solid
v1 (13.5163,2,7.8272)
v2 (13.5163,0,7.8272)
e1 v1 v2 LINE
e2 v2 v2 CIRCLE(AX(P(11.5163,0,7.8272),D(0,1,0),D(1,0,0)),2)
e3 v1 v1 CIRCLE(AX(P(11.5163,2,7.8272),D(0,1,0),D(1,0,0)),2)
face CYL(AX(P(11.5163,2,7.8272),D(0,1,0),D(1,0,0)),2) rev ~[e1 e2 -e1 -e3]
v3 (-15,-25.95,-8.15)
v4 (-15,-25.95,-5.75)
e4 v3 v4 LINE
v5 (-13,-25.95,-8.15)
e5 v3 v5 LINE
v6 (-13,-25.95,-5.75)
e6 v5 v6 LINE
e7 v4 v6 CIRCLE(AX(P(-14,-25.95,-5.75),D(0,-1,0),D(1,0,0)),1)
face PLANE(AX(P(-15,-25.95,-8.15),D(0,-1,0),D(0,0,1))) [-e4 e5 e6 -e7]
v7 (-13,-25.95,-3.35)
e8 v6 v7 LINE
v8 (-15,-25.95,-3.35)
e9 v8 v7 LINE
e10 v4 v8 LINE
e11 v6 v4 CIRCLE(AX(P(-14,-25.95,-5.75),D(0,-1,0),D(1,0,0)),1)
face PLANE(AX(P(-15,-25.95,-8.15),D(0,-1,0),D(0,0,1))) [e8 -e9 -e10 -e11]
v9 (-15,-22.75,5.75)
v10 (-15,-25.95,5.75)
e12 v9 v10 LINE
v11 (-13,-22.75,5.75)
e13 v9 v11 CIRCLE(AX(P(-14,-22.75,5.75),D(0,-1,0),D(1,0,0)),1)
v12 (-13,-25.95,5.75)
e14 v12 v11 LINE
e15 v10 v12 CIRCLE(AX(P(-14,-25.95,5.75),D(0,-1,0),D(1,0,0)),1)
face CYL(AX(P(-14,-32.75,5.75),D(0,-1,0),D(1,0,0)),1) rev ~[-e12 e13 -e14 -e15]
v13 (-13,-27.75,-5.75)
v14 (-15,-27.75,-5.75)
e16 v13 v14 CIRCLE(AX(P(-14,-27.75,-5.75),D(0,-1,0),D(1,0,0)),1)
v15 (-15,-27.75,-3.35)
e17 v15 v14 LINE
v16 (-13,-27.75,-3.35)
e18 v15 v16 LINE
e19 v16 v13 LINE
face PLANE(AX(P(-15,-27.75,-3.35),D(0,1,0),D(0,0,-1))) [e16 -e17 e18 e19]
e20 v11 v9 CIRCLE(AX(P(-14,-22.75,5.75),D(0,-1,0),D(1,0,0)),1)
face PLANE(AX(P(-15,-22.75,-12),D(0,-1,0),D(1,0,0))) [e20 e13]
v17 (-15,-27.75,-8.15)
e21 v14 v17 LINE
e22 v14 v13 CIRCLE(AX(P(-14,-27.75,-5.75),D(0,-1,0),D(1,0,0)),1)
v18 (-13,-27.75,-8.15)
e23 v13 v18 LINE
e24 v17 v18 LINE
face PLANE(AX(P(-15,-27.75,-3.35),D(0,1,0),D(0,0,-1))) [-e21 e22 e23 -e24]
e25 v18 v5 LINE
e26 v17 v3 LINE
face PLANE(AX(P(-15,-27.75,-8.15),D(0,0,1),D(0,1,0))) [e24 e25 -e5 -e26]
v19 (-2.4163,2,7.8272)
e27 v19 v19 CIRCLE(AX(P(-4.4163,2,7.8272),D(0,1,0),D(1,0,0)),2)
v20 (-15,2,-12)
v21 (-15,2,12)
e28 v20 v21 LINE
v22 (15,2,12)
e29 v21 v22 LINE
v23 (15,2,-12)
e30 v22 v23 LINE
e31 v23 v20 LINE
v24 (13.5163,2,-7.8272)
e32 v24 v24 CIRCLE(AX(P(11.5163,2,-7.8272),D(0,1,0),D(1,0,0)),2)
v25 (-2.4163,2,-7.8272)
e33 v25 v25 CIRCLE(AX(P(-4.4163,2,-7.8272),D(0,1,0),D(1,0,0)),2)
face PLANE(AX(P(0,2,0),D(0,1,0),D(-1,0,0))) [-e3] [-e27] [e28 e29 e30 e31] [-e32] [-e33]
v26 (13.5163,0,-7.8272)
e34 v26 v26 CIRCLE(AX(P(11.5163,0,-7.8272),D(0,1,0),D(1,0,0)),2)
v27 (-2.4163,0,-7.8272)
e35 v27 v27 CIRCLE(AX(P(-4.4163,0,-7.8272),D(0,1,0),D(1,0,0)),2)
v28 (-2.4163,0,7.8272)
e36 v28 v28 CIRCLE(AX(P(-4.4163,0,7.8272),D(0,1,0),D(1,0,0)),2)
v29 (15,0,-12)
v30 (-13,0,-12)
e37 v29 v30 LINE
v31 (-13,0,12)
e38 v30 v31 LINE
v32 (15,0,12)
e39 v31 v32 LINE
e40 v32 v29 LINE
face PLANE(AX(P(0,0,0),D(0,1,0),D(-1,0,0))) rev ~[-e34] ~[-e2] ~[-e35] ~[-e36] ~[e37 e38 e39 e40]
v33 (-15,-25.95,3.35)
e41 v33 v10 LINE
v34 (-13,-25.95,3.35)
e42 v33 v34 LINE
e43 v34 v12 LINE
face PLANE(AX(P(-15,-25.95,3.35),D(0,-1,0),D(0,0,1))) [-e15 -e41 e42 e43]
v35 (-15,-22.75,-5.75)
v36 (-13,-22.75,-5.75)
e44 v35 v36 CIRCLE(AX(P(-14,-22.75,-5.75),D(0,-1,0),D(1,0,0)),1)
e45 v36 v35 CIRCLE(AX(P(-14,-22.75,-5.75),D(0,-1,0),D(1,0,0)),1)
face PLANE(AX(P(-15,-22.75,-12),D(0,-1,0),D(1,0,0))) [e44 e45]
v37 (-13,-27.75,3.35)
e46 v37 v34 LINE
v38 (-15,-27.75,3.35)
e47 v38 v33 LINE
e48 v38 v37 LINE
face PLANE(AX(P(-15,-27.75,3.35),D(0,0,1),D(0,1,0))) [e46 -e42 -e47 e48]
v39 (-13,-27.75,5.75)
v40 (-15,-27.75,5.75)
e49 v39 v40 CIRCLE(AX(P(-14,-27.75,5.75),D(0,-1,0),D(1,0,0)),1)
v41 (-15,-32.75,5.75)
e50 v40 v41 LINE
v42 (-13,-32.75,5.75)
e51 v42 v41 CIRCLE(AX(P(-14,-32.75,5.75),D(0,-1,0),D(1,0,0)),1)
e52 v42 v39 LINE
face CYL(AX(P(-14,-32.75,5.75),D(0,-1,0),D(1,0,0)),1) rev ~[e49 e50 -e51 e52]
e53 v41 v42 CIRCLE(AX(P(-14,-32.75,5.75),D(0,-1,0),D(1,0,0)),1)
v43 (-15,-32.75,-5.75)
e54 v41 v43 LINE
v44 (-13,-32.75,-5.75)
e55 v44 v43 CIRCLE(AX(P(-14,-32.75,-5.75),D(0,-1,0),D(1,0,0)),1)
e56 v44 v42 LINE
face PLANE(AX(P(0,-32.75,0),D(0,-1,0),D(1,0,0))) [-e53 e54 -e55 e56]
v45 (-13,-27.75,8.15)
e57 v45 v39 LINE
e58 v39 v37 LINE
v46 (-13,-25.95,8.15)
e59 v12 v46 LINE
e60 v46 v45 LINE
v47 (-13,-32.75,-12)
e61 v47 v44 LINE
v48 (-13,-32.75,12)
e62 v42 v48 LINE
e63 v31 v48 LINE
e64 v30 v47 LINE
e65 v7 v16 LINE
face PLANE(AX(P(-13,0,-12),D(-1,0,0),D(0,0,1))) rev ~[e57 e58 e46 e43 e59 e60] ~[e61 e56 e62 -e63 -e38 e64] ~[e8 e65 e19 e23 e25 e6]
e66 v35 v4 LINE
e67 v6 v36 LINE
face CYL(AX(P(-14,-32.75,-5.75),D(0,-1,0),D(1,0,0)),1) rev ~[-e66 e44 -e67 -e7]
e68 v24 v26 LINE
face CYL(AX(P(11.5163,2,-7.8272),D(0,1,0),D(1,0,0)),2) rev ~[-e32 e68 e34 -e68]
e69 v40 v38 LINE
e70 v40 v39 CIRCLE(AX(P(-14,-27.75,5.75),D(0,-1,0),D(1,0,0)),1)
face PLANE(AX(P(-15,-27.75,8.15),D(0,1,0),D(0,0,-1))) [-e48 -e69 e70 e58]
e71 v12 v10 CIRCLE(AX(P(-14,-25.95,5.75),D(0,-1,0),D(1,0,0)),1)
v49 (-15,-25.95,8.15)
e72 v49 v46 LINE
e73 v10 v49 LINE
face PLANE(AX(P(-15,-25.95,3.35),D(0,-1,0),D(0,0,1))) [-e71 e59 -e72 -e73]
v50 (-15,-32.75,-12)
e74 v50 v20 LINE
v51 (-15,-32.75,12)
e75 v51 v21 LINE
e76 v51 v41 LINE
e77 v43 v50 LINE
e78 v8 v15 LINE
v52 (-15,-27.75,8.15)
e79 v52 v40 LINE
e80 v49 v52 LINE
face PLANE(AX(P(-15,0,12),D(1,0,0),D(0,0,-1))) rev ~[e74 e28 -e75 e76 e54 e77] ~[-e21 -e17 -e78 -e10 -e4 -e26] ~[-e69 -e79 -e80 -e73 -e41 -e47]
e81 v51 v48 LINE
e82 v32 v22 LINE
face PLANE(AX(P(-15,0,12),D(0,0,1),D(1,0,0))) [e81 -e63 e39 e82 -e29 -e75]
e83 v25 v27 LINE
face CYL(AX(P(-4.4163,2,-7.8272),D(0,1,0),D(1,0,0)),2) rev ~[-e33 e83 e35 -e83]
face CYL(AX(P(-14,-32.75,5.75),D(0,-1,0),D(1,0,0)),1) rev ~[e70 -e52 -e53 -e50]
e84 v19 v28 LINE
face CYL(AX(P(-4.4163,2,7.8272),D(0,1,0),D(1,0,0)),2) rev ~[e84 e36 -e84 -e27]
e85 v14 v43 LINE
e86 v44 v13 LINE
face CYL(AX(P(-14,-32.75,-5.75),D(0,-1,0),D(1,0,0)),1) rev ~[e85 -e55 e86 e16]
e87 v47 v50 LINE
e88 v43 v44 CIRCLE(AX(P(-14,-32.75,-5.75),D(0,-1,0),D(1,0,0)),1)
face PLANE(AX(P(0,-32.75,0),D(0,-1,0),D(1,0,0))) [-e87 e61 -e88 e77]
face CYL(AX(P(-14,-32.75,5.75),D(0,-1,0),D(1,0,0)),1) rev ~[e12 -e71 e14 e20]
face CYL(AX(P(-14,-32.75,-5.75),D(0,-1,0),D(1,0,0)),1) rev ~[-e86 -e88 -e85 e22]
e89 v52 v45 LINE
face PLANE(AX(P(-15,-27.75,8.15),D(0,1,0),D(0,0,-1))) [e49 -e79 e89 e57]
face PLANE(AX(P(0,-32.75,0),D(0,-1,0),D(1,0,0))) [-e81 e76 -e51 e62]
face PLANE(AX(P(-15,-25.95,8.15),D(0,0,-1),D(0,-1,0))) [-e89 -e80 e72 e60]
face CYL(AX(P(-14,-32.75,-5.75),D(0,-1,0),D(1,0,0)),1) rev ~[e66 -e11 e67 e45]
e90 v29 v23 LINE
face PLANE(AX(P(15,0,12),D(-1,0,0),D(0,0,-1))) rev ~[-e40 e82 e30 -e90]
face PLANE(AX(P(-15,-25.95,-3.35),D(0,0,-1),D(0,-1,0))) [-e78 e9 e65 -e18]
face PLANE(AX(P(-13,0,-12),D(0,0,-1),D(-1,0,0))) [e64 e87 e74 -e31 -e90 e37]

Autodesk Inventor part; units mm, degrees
ref_plane "YZ Plane" through (0, 0, 0) normal (1, 0, 0) x (0, 1, 0)
ref_plane "XZ Plane" through (0, 0, 0) normal (0, 1, 0) x (-1, 0, 0)
sketch "Эскиз1" plane through (0, 0, 0) normal (0, 1, 0) x (-1, 0, 0)
  line L0 (-15, -12) -> (15, -12)
  line L1 (15, -12) -> (15, 12)
  line L2 (15, 12) -> (-15, 12)
  line L3 (-15, 12) -> (-15, -12)
  line L4 (-15, -12) -> (15, 12) construction
  line L5 (15, -12) -> (-15, 12) construction
  point P0 (0, 0)
  dimension "d0" = 24
  dimension "d1" = 30
extrude "Выдавливание1" add sketch "Эскиз1" along normal blind 2
sketch "Эскиз2" plane through (0, 2, 0) normal (0, 1, 0) x (1, 0, 0)
  circle A0 centre (11.5163, 7.8272) radius 2 projected
  circle A1 centre (11.5163, -7.8272) radius 2 projected
  circle A2 centre (-4.4163, -7.8272) radius 2 projected
  circle A3 centre (-4.4163, 7.8272) radius 2 projected
  point P0 (0, 0)
extrude "Выдавливание2" cut sketch "Эскиз2" against normal blind 2
sketch "Эскиз3" plane through (0, 0, 0) normal (0, -1, 0) x (1, 0, 0)
  line L0 (15, -12) -> (-15, -12) projected
  line L1 (-15, 12) -> (15, 12) projected
  line L2 (-15, -12) -> (-13, -12)
  line L3 (-13, -12) -> (-13, 12)
  line L4 (-13, 12) -> (-15, 12)
  line L5 (-15, 12) -> (-15, -12)
  point P0 (0, 0)
  dimension "d6" = 2
ref_plane "РабПлоскость1" through (-96.45, -32.75, -191.5) normal (0, 1, 0) x (0, 0, 1)
extrude "Выдавливание3" add sketch "Эскиз3" along normal up to surface (32.75 mm away)
sketch "Эскиз4" plane through (-15, 2, -12) normal (-1, 0, 0) x (0, 0, 1)
  line L0 (15.35, -27.95) -> (20.15, -27.95)
  line L1 (20.15, -27.95) -> (20.15, -29.75)
  line L2 (20.15, -29.75) -> (15.35, -29.75)
  line L3 (15.35, -29.75) -> (15.35, -27.95)
  line L4 (15.35, -27.95) -> (20.15, -29.75) construction
  line L5 (20.15, -27.95) -> (15.35, -29.75) construction
  line L6 (3.85, -27.95) -> (8.65, -27.95)
  line L7 (8.65, -27.95) -> (8.65, -29.75)
  line L8 (3.85, -29.75) -> (3.85, -27.95)
  line L9 (3.85, -27.95) -> (8.65, -29.75) construction
  line L10 (8.65, -27.95) -> (3.85, -29.75) construction
  line L11 (8.65, -29.75) -> (3.85, -29.75)
  line L12 (24, -2) -> (24, -34.75) projected
  line L13 (24, -34.75) -> (-0.0211, -34.75)
  line L14 (0, 0) -> (0, -34.75) projected
  line L15 (24, -34.75) -> (24, 0) projected
  line L16 (0, 0) -> (24, 0) projected
  line L17 (0, 0) -> (0, -34.75) projected
  line L18 (24, -34.75) -> (0, -34.75) projected
  point P0 (12, -2)
  point P1 (17.75, -28.85)
  point P2 (6.25, -28.85)
  dimension "d9" = 4.8
  dimension "d10" = 1.8
  dimension "d13" = 4.8
  dimension "d14" = 1.8
  dimension "d15" = 5
  dimension "d16" = 5
  dimension "d17" = 3.85
  dimension "d18" = 3.85
extrude "Выдавливание5" cut sketch "Эскиз4" against normal blind 10 contours L0 L1 L2 L3 | L6 L7 L11 L8
sketch "Эскиз5" plane through (-15, -32.75, -12) normal (0, -1, 0) x (1, 0, 0)
  circle A0 centre (1, 6.25) radius 1 projected
  circle A1 centre (1, 17.75) radius 1 projected
  point P0 (15, 12)
extrude "Выдавливание7" cut sketch "Эскиз5" against normal blind 10
properties part number "крепление энкодера"
